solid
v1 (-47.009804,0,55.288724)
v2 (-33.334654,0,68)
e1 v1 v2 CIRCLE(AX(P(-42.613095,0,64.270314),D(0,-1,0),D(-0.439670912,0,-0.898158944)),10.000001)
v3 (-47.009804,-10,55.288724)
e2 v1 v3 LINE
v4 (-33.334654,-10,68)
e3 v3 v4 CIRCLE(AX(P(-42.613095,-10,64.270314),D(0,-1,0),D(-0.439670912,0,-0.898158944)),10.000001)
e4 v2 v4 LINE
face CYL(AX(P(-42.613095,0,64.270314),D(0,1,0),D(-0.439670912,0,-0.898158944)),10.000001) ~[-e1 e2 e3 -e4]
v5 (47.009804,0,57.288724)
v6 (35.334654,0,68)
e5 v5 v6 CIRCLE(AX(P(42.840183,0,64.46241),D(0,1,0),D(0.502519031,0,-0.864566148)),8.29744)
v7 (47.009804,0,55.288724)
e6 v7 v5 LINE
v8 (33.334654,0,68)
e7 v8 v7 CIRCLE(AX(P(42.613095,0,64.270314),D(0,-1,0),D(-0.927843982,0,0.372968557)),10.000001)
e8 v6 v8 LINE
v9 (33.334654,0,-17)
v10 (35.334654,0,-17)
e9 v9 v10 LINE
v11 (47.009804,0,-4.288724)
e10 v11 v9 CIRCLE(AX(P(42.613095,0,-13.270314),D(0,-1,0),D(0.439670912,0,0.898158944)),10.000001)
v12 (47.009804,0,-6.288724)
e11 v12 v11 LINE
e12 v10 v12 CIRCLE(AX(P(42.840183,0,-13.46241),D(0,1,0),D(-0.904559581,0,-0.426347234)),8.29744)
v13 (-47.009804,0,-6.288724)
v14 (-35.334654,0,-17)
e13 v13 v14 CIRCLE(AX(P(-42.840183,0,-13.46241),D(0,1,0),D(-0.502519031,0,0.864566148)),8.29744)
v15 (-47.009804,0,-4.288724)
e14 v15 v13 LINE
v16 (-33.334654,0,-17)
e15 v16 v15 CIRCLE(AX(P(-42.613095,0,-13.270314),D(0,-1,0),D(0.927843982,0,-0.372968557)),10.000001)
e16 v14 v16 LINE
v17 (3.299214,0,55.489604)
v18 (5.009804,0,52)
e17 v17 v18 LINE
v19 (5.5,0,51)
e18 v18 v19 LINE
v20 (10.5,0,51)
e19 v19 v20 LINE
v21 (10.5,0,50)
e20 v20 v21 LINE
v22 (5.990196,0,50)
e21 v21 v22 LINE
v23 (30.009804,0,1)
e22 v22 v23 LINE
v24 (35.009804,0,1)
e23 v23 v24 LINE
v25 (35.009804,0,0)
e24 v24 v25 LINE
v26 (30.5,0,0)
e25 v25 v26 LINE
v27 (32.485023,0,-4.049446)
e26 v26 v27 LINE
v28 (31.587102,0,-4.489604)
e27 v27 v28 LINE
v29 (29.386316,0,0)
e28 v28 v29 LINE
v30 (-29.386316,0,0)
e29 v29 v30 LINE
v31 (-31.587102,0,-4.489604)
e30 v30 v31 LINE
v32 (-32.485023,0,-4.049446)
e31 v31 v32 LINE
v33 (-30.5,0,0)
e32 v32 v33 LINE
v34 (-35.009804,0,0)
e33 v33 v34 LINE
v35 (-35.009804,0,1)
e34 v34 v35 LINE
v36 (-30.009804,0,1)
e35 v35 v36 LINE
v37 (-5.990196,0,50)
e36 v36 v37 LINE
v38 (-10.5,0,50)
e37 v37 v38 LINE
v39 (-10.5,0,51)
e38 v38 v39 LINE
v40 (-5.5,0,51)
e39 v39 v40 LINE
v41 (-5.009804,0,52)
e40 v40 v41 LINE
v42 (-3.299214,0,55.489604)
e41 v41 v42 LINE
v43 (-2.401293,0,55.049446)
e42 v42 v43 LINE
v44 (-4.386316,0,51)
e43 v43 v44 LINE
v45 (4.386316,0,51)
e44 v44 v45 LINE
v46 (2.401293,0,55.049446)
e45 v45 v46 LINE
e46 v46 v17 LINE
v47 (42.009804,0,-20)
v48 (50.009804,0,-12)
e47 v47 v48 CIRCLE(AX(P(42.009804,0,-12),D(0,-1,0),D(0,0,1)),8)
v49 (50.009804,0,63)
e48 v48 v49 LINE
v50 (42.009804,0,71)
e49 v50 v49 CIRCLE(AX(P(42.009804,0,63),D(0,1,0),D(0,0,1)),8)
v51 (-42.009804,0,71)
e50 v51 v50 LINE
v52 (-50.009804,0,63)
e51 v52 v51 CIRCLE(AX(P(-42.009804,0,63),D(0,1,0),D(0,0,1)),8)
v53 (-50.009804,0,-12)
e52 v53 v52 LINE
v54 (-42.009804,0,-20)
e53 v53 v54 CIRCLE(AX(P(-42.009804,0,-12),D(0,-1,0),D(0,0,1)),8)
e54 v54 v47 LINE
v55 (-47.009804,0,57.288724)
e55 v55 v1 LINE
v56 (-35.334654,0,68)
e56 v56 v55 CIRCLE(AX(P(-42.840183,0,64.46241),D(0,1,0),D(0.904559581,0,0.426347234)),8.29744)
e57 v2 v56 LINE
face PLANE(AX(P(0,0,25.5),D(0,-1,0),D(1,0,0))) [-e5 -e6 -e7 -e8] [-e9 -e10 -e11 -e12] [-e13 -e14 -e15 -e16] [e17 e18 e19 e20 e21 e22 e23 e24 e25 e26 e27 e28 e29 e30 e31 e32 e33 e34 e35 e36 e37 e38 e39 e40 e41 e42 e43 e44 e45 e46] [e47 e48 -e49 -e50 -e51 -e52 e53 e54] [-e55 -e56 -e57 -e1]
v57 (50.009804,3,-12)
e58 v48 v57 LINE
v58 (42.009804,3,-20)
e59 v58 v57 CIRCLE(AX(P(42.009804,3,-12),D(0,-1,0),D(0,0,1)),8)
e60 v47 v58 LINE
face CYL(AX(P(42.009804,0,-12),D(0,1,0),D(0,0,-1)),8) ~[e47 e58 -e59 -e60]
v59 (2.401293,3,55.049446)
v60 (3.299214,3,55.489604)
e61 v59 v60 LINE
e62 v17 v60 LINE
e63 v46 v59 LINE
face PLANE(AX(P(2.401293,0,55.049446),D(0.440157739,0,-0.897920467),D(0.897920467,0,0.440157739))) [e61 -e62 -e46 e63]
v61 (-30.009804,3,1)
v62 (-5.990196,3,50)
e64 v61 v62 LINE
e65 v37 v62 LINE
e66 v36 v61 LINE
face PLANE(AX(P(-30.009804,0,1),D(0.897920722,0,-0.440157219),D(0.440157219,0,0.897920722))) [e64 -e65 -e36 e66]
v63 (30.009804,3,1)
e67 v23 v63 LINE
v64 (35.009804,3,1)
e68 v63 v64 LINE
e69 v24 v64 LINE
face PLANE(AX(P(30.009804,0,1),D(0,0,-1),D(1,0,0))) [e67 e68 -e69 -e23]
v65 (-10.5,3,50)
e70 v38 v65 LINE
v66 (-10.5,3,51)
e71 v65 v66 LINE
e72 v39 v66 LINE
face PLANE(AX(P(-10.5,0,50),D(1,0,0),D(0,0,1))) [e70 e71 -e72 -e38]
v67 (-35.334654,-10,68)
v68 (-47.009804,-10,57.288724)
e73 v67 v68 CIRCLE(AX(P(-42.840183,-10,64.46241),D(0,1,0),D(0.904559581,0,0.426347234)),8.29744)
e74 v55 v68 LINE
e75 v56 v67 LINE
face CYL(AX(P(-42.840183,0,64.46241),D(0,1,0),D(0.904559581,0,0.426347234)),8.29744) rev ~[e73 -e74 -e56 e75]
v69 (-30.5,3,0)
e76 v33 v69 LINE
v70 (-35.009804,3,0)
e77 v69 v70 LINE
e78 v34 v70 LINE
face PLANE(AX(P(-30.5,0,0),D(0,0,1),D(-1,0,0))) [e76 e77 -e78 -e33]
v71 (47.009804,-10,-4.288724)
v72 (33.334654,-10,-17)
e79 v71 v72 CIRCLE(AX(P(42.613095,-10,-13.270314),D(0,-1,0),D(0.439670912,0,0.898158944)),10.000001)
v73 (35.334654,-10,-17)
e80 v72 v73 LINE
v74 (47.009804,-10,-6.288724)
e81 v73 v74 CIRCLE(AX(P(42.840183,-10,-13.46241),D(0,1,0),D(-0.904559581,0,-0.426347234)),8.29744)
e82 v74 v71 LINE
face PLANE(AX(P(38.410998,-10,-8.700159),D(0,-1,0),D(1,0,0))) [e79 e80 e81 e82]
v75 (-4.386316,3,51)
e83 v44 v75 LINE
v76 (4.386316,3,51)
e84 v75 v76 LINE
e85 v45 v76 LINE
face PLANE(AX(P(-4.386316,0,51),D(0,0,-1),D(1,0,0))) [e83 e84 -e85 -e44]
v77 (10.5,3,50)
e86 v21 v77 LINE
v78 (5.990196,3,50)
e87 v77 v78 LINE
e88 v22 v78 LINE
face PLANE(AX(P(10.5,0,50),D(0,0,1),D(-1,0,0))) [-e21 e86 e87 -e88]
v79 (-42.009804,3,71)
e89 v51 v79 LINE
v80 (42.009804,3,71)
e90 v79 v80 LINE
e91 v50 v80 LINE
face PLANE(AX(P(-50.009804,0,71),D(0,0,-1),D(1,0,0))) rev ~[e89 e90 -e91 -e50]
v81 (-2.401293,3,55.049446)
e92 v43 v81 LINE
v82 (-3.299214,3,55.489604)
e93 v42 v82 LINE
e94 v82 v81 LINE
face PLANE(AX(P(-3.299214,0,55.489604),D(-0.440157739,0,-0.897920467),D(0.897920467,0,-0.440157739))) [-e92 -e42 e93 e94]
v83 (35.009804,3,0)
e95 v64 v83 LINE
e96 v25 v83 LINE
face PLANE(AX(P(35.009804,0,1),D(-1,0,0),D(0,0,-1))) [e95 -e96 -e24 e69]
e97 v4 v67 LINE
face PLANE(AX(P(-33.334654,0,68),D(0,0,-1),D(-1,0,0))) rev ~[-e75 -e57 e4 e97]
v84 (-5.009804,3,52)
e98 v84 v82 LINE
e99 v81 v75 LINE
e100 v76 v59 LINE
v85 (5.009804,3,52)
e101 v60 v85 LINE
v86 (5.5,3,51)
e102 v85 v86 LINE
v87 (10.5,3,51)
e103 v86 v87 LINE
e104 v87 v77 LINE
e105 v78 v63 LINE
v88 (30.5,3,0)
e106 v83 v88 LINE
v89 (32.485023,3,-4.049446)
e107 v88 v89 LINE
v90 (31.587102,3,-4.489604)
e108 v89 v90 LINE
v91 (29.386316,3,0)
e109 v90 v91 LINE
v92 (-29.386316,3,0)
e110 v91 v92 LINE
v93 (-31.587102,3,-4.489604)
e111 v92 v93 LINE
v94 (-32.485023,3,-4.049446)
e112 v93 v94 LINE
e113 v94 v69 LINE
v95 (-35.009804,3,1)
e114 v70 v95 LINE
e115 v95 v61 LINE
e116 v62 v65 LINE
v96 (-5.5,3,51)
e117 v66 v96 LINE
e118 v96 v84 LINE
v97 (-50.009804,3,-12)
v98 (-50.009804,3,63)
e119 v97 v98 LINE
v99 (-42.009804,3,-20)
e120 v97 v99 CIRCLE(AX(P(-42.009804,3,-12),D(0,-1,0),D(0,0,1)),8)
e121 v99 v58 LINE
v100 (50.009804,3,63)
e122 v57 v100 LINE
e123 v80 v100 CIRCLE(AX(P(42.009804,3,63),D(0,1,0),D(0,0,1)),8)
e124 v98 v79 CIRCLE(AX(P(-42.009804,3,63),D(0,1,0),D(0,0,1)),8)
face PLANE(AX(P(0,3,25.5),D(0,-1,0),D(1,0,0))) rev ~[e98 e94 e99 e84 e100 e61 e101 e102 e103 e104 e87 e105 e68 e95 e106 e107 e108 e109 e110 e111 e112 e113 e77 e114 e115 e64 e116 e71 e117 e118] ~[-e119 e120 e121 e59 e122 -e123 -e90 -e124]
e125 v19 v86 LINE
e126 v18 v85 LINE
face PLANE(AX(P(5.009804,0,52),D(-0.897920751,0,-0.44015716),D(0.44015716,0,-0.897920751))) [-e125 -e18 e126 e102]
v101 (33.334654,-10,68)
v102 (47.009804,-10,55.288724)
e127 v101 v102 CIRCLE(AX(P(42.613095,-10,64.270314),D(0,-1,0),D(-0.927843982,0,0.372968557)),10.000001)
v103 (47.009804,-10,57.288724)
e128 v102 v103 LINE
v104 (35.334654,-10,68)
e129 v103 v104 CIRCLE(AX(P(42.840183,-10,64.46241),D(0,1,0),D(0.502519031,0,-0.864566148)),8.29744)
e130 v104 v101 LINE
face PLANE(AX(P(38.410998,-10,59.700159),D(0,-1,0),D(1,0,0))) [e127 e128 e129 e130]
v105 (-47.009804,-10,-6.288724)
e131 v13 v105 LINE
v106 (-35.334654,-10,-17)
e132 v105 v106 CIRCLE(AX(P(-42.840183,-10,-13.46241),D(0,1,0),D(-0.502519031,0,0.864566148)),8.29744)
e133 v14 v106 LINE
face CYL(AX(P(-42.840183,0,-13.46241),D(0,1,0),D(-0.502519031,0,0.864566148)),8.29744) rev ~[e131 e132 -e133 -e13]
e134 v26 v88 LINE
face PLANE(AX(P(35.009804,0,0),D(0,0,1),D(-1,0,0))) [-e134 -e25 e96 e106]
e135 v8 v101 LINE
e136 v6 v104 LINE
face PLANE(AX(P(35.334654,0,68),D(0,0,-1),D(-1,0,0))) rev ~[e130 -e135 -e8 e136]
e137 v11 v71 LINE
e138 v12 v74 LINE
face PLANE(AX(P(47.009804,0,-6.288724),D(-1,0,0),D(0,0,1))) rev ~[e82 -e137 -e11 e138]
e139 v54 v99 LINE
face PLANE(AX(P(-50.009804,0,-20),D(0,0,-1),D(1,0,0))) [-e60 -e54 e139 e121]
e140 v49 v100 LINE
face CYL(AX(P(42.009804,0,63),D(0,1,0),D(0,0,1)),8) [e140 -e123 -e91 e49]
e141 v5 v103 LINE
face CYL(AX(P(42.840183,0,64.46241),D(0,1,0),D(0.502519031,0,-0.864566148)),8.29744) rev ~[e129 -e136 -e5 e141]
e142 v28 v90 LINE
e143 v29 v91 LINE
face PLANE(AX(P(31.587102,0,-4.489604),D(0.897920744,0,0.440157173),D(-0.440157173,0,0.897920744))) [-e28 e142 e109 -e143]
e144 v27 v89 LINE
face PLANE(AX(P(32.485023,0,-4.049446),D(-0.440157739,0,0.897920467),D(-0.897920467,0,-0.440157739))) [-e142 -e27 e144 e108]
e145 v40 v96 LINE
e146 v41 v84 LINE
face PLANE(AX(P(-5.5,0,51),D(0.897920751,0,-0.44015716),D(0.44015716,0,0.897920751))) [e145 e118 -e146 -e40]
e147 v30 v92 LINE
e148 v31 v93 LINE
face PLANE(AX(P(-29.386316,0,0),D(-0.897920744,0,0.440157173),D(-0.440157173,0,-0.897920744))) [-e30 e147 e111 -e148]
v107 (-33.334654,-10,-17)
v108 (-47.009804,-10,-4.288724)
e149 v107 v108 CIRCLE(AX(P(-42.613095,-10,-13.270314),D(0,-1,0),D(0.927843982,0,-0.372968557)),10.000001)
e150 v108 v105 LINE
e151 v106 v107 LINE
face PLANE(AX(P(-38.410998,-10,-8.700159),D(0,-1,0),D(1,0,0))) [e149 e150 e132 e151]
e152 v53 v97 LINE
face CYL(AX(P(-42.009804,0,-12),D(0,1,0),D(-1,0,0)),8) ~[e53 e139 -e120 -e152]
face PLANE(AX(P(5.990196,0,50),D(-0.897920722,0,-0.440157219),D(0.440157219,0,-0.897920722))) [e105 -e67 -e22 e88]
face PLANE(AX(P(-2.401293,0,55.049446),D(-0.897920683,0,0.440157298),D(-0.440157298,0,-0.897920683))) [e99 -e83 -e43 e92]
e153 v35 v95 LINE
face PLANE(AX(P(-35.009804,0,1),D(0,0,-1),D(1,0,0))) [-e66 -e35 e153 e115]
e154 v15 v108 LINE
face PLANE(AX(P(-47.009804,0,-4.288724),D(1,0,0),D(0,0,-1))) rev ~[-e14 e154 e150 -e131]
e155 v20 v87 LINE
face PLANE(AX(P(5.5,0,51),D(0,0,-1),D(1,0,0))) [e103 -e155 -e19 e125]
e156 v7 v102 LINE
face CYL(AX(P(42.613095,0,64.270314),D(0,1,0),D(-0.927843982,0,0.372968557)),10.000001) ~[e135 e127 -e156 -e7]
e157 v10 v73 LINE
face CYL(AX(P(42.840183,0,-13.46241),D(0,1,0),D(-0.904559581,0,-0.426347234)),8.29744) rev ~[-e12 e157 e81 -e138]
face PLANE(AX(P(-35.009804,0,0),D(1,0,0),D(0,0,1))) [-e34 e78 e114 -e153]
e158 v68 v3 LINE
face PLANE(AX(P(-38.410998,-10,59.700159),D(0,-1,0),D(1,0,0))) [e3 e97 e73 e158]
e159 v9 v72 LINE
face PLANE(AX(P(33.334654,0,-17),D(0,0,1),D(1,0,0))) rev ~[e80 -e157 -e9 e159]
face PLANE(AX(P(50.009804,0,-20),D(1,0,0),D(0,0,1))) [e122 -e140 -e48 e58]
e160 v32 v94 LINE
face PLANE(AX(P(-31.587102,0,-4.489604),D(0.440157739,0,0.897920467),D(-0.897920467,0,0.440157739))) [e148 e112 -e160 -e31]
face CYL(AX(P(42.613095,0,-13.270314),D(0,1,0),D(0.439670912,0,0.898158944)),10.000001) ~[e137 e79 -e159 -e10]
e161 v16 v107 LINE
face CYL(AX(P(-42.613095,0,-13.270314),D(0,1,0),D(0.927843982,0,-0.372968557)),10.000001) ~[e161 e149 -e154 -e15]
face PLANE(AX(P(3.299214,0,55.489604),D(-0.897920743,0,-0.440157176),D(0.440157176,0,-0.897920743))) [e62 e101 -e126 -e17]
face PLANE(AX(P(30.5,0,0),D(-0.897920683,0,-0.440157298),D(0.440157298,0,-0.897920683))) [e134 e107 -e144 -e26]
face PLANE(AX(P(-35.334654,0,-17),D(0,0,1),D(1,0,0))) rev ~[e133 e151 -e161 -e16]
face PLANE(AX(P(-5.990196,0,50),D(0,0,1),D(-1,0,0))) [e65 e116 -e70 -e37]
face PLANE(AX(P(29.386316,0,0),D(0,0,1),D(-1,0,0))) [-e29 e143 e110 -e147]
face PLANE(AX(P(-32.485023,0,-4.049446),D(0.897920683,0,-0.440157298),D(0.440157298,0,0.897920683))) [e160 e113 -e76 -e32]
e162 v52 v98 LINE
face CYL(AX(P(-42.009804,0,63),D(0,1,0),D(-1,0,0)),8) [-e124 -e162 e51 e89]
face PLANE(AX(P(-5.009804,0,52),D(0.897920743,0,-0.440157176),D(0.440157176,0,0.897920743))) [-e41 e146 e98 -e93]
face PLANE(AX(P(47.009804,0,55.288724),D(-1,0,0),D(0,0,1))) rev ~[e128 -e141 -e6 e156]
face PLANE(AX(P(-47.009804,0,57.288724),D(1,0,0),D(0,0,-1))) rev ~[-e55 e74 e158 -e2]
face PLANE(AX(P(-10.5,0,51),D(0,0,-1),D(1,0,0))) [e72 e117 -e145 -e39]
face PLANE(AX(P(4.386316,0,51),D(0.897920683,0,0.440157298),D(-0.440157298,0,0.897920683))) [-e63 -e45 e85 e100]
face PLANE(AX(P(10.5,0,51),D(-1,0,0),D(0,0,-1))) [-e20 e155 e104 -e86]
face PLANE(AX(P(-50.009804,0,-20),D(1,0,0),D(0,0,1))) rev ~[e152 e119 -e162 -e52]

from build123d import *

# Parameters (mm, degrees)
F0_W     = 100.019608
F0_H     = 91
F2_DEPTH = 3
F3_DEPTH = 10
F4_R     = 8


with BuildPart() as f2:
    # F0 (on Front) → F2 (new body)
    with BuildSketch(Plane.XZ):
        with Locations((0, 25.5)):
            Rectangle(F0_W, F0_H)
        Polygon((0, 0), (-29.386316, 0), (-31.587102, -4.489604), (-32.485023, -4.049446), (-30.5, 0), (-31.613684, 0), (-35.009804, 0), (-35.009804, 1), (-30.009804, 1), (-5.990196, 50), (-10.5, 50), (-10.5, 51), (-5.5, 51), (-5.009804, 52), (-3.299214, 55.489604), (-2.401293, 55.049446), (-4.386316, 51), (0, 51), (4.386316, 51), (2.401293, 55.049446), (3.299214, 55.489604), (5.009804, 52), (5.5, 51), (10.5, 51), (10.5, 50), (5.990196, 50), (30.009804, 1), (35.009804, 1), (35.009804, 0), (31.613684, 0), (30.5, 0), (32.485023, -4.049446), (31.587102, -4.489604), (29.386316, 0), align=None, mode=Mode.SUBTRACT)
    extrude(amount=-F2_DEPTH)

    # F1 (on face) → F3 (join)
    with BuildSketch(Plane.XZ):
        with BuildLine():
            Line((-35.334654, -17), (-33.334654, -17))
            ThreePointArc((-33.334654, -17), (-35.804867, -5.945831), (-47.009804, -4.288724))
            Line((-47.009804, -4.288724), (-47.009804, -6.288724))
            ThreePointArc((-47.009804, -6.288724), (-37.230822, -7.34828), (-35.334654, -17))
        make_face()
        with BuildLine():
            ThreePointArc((-47.009804, 55.288724), (-35.804867, 56.945831), (-33.334654, 68))
            Line((-33.334654, 68), (-35.334654, 68))
            ThreePointArc((-35.334654, 68), (-37.230822, 58.34828), (-47.009804, 57.288724))
            Line((-47.009804, 57.288724), (-47.009804, 55.288724))
        make_face()
        with BuildLine():
            Line((35.334654, 68), (33.334654, 68))
            ThreePointArc((33.334654, 68), (35.804867, 56.945831), (47.009804, 55.288724))
            Line((47.009804, 55.288724), (47.009804, 57.288724))
            ThreePointArc((47.009804, 57.288724), (37.230822, 58.34828), (35.334654, 68))
        make_face()
        with BuildLine():
            ThreePointArc((47.009804, -4.288724), (35.804867, -5.945831), (33.334654, -17))
            Line((33.334654, -17), (35.334654, -17))
            ThreePointArc((35.334654, -17), (37.230822, -7.34828), (47.009804, -6.288724))
            Line((47.009804, -6.288724), (47.009804, -4.288724))
        make_face()
    extrude(amount=F3_DEPTH)

    # F4
    f4_edges = [f2.edges().sort_by_distance(p)[0] for p in [
        (-50.009804, 1.5, 71),
        (50.009804, 1.5, 71),
        (50.009804, 1.5, -20),
        (-50.009804, 1.5, -20),
    ]]
    fillet(f4_edges, radius=F4_R)


solid = f2.part
